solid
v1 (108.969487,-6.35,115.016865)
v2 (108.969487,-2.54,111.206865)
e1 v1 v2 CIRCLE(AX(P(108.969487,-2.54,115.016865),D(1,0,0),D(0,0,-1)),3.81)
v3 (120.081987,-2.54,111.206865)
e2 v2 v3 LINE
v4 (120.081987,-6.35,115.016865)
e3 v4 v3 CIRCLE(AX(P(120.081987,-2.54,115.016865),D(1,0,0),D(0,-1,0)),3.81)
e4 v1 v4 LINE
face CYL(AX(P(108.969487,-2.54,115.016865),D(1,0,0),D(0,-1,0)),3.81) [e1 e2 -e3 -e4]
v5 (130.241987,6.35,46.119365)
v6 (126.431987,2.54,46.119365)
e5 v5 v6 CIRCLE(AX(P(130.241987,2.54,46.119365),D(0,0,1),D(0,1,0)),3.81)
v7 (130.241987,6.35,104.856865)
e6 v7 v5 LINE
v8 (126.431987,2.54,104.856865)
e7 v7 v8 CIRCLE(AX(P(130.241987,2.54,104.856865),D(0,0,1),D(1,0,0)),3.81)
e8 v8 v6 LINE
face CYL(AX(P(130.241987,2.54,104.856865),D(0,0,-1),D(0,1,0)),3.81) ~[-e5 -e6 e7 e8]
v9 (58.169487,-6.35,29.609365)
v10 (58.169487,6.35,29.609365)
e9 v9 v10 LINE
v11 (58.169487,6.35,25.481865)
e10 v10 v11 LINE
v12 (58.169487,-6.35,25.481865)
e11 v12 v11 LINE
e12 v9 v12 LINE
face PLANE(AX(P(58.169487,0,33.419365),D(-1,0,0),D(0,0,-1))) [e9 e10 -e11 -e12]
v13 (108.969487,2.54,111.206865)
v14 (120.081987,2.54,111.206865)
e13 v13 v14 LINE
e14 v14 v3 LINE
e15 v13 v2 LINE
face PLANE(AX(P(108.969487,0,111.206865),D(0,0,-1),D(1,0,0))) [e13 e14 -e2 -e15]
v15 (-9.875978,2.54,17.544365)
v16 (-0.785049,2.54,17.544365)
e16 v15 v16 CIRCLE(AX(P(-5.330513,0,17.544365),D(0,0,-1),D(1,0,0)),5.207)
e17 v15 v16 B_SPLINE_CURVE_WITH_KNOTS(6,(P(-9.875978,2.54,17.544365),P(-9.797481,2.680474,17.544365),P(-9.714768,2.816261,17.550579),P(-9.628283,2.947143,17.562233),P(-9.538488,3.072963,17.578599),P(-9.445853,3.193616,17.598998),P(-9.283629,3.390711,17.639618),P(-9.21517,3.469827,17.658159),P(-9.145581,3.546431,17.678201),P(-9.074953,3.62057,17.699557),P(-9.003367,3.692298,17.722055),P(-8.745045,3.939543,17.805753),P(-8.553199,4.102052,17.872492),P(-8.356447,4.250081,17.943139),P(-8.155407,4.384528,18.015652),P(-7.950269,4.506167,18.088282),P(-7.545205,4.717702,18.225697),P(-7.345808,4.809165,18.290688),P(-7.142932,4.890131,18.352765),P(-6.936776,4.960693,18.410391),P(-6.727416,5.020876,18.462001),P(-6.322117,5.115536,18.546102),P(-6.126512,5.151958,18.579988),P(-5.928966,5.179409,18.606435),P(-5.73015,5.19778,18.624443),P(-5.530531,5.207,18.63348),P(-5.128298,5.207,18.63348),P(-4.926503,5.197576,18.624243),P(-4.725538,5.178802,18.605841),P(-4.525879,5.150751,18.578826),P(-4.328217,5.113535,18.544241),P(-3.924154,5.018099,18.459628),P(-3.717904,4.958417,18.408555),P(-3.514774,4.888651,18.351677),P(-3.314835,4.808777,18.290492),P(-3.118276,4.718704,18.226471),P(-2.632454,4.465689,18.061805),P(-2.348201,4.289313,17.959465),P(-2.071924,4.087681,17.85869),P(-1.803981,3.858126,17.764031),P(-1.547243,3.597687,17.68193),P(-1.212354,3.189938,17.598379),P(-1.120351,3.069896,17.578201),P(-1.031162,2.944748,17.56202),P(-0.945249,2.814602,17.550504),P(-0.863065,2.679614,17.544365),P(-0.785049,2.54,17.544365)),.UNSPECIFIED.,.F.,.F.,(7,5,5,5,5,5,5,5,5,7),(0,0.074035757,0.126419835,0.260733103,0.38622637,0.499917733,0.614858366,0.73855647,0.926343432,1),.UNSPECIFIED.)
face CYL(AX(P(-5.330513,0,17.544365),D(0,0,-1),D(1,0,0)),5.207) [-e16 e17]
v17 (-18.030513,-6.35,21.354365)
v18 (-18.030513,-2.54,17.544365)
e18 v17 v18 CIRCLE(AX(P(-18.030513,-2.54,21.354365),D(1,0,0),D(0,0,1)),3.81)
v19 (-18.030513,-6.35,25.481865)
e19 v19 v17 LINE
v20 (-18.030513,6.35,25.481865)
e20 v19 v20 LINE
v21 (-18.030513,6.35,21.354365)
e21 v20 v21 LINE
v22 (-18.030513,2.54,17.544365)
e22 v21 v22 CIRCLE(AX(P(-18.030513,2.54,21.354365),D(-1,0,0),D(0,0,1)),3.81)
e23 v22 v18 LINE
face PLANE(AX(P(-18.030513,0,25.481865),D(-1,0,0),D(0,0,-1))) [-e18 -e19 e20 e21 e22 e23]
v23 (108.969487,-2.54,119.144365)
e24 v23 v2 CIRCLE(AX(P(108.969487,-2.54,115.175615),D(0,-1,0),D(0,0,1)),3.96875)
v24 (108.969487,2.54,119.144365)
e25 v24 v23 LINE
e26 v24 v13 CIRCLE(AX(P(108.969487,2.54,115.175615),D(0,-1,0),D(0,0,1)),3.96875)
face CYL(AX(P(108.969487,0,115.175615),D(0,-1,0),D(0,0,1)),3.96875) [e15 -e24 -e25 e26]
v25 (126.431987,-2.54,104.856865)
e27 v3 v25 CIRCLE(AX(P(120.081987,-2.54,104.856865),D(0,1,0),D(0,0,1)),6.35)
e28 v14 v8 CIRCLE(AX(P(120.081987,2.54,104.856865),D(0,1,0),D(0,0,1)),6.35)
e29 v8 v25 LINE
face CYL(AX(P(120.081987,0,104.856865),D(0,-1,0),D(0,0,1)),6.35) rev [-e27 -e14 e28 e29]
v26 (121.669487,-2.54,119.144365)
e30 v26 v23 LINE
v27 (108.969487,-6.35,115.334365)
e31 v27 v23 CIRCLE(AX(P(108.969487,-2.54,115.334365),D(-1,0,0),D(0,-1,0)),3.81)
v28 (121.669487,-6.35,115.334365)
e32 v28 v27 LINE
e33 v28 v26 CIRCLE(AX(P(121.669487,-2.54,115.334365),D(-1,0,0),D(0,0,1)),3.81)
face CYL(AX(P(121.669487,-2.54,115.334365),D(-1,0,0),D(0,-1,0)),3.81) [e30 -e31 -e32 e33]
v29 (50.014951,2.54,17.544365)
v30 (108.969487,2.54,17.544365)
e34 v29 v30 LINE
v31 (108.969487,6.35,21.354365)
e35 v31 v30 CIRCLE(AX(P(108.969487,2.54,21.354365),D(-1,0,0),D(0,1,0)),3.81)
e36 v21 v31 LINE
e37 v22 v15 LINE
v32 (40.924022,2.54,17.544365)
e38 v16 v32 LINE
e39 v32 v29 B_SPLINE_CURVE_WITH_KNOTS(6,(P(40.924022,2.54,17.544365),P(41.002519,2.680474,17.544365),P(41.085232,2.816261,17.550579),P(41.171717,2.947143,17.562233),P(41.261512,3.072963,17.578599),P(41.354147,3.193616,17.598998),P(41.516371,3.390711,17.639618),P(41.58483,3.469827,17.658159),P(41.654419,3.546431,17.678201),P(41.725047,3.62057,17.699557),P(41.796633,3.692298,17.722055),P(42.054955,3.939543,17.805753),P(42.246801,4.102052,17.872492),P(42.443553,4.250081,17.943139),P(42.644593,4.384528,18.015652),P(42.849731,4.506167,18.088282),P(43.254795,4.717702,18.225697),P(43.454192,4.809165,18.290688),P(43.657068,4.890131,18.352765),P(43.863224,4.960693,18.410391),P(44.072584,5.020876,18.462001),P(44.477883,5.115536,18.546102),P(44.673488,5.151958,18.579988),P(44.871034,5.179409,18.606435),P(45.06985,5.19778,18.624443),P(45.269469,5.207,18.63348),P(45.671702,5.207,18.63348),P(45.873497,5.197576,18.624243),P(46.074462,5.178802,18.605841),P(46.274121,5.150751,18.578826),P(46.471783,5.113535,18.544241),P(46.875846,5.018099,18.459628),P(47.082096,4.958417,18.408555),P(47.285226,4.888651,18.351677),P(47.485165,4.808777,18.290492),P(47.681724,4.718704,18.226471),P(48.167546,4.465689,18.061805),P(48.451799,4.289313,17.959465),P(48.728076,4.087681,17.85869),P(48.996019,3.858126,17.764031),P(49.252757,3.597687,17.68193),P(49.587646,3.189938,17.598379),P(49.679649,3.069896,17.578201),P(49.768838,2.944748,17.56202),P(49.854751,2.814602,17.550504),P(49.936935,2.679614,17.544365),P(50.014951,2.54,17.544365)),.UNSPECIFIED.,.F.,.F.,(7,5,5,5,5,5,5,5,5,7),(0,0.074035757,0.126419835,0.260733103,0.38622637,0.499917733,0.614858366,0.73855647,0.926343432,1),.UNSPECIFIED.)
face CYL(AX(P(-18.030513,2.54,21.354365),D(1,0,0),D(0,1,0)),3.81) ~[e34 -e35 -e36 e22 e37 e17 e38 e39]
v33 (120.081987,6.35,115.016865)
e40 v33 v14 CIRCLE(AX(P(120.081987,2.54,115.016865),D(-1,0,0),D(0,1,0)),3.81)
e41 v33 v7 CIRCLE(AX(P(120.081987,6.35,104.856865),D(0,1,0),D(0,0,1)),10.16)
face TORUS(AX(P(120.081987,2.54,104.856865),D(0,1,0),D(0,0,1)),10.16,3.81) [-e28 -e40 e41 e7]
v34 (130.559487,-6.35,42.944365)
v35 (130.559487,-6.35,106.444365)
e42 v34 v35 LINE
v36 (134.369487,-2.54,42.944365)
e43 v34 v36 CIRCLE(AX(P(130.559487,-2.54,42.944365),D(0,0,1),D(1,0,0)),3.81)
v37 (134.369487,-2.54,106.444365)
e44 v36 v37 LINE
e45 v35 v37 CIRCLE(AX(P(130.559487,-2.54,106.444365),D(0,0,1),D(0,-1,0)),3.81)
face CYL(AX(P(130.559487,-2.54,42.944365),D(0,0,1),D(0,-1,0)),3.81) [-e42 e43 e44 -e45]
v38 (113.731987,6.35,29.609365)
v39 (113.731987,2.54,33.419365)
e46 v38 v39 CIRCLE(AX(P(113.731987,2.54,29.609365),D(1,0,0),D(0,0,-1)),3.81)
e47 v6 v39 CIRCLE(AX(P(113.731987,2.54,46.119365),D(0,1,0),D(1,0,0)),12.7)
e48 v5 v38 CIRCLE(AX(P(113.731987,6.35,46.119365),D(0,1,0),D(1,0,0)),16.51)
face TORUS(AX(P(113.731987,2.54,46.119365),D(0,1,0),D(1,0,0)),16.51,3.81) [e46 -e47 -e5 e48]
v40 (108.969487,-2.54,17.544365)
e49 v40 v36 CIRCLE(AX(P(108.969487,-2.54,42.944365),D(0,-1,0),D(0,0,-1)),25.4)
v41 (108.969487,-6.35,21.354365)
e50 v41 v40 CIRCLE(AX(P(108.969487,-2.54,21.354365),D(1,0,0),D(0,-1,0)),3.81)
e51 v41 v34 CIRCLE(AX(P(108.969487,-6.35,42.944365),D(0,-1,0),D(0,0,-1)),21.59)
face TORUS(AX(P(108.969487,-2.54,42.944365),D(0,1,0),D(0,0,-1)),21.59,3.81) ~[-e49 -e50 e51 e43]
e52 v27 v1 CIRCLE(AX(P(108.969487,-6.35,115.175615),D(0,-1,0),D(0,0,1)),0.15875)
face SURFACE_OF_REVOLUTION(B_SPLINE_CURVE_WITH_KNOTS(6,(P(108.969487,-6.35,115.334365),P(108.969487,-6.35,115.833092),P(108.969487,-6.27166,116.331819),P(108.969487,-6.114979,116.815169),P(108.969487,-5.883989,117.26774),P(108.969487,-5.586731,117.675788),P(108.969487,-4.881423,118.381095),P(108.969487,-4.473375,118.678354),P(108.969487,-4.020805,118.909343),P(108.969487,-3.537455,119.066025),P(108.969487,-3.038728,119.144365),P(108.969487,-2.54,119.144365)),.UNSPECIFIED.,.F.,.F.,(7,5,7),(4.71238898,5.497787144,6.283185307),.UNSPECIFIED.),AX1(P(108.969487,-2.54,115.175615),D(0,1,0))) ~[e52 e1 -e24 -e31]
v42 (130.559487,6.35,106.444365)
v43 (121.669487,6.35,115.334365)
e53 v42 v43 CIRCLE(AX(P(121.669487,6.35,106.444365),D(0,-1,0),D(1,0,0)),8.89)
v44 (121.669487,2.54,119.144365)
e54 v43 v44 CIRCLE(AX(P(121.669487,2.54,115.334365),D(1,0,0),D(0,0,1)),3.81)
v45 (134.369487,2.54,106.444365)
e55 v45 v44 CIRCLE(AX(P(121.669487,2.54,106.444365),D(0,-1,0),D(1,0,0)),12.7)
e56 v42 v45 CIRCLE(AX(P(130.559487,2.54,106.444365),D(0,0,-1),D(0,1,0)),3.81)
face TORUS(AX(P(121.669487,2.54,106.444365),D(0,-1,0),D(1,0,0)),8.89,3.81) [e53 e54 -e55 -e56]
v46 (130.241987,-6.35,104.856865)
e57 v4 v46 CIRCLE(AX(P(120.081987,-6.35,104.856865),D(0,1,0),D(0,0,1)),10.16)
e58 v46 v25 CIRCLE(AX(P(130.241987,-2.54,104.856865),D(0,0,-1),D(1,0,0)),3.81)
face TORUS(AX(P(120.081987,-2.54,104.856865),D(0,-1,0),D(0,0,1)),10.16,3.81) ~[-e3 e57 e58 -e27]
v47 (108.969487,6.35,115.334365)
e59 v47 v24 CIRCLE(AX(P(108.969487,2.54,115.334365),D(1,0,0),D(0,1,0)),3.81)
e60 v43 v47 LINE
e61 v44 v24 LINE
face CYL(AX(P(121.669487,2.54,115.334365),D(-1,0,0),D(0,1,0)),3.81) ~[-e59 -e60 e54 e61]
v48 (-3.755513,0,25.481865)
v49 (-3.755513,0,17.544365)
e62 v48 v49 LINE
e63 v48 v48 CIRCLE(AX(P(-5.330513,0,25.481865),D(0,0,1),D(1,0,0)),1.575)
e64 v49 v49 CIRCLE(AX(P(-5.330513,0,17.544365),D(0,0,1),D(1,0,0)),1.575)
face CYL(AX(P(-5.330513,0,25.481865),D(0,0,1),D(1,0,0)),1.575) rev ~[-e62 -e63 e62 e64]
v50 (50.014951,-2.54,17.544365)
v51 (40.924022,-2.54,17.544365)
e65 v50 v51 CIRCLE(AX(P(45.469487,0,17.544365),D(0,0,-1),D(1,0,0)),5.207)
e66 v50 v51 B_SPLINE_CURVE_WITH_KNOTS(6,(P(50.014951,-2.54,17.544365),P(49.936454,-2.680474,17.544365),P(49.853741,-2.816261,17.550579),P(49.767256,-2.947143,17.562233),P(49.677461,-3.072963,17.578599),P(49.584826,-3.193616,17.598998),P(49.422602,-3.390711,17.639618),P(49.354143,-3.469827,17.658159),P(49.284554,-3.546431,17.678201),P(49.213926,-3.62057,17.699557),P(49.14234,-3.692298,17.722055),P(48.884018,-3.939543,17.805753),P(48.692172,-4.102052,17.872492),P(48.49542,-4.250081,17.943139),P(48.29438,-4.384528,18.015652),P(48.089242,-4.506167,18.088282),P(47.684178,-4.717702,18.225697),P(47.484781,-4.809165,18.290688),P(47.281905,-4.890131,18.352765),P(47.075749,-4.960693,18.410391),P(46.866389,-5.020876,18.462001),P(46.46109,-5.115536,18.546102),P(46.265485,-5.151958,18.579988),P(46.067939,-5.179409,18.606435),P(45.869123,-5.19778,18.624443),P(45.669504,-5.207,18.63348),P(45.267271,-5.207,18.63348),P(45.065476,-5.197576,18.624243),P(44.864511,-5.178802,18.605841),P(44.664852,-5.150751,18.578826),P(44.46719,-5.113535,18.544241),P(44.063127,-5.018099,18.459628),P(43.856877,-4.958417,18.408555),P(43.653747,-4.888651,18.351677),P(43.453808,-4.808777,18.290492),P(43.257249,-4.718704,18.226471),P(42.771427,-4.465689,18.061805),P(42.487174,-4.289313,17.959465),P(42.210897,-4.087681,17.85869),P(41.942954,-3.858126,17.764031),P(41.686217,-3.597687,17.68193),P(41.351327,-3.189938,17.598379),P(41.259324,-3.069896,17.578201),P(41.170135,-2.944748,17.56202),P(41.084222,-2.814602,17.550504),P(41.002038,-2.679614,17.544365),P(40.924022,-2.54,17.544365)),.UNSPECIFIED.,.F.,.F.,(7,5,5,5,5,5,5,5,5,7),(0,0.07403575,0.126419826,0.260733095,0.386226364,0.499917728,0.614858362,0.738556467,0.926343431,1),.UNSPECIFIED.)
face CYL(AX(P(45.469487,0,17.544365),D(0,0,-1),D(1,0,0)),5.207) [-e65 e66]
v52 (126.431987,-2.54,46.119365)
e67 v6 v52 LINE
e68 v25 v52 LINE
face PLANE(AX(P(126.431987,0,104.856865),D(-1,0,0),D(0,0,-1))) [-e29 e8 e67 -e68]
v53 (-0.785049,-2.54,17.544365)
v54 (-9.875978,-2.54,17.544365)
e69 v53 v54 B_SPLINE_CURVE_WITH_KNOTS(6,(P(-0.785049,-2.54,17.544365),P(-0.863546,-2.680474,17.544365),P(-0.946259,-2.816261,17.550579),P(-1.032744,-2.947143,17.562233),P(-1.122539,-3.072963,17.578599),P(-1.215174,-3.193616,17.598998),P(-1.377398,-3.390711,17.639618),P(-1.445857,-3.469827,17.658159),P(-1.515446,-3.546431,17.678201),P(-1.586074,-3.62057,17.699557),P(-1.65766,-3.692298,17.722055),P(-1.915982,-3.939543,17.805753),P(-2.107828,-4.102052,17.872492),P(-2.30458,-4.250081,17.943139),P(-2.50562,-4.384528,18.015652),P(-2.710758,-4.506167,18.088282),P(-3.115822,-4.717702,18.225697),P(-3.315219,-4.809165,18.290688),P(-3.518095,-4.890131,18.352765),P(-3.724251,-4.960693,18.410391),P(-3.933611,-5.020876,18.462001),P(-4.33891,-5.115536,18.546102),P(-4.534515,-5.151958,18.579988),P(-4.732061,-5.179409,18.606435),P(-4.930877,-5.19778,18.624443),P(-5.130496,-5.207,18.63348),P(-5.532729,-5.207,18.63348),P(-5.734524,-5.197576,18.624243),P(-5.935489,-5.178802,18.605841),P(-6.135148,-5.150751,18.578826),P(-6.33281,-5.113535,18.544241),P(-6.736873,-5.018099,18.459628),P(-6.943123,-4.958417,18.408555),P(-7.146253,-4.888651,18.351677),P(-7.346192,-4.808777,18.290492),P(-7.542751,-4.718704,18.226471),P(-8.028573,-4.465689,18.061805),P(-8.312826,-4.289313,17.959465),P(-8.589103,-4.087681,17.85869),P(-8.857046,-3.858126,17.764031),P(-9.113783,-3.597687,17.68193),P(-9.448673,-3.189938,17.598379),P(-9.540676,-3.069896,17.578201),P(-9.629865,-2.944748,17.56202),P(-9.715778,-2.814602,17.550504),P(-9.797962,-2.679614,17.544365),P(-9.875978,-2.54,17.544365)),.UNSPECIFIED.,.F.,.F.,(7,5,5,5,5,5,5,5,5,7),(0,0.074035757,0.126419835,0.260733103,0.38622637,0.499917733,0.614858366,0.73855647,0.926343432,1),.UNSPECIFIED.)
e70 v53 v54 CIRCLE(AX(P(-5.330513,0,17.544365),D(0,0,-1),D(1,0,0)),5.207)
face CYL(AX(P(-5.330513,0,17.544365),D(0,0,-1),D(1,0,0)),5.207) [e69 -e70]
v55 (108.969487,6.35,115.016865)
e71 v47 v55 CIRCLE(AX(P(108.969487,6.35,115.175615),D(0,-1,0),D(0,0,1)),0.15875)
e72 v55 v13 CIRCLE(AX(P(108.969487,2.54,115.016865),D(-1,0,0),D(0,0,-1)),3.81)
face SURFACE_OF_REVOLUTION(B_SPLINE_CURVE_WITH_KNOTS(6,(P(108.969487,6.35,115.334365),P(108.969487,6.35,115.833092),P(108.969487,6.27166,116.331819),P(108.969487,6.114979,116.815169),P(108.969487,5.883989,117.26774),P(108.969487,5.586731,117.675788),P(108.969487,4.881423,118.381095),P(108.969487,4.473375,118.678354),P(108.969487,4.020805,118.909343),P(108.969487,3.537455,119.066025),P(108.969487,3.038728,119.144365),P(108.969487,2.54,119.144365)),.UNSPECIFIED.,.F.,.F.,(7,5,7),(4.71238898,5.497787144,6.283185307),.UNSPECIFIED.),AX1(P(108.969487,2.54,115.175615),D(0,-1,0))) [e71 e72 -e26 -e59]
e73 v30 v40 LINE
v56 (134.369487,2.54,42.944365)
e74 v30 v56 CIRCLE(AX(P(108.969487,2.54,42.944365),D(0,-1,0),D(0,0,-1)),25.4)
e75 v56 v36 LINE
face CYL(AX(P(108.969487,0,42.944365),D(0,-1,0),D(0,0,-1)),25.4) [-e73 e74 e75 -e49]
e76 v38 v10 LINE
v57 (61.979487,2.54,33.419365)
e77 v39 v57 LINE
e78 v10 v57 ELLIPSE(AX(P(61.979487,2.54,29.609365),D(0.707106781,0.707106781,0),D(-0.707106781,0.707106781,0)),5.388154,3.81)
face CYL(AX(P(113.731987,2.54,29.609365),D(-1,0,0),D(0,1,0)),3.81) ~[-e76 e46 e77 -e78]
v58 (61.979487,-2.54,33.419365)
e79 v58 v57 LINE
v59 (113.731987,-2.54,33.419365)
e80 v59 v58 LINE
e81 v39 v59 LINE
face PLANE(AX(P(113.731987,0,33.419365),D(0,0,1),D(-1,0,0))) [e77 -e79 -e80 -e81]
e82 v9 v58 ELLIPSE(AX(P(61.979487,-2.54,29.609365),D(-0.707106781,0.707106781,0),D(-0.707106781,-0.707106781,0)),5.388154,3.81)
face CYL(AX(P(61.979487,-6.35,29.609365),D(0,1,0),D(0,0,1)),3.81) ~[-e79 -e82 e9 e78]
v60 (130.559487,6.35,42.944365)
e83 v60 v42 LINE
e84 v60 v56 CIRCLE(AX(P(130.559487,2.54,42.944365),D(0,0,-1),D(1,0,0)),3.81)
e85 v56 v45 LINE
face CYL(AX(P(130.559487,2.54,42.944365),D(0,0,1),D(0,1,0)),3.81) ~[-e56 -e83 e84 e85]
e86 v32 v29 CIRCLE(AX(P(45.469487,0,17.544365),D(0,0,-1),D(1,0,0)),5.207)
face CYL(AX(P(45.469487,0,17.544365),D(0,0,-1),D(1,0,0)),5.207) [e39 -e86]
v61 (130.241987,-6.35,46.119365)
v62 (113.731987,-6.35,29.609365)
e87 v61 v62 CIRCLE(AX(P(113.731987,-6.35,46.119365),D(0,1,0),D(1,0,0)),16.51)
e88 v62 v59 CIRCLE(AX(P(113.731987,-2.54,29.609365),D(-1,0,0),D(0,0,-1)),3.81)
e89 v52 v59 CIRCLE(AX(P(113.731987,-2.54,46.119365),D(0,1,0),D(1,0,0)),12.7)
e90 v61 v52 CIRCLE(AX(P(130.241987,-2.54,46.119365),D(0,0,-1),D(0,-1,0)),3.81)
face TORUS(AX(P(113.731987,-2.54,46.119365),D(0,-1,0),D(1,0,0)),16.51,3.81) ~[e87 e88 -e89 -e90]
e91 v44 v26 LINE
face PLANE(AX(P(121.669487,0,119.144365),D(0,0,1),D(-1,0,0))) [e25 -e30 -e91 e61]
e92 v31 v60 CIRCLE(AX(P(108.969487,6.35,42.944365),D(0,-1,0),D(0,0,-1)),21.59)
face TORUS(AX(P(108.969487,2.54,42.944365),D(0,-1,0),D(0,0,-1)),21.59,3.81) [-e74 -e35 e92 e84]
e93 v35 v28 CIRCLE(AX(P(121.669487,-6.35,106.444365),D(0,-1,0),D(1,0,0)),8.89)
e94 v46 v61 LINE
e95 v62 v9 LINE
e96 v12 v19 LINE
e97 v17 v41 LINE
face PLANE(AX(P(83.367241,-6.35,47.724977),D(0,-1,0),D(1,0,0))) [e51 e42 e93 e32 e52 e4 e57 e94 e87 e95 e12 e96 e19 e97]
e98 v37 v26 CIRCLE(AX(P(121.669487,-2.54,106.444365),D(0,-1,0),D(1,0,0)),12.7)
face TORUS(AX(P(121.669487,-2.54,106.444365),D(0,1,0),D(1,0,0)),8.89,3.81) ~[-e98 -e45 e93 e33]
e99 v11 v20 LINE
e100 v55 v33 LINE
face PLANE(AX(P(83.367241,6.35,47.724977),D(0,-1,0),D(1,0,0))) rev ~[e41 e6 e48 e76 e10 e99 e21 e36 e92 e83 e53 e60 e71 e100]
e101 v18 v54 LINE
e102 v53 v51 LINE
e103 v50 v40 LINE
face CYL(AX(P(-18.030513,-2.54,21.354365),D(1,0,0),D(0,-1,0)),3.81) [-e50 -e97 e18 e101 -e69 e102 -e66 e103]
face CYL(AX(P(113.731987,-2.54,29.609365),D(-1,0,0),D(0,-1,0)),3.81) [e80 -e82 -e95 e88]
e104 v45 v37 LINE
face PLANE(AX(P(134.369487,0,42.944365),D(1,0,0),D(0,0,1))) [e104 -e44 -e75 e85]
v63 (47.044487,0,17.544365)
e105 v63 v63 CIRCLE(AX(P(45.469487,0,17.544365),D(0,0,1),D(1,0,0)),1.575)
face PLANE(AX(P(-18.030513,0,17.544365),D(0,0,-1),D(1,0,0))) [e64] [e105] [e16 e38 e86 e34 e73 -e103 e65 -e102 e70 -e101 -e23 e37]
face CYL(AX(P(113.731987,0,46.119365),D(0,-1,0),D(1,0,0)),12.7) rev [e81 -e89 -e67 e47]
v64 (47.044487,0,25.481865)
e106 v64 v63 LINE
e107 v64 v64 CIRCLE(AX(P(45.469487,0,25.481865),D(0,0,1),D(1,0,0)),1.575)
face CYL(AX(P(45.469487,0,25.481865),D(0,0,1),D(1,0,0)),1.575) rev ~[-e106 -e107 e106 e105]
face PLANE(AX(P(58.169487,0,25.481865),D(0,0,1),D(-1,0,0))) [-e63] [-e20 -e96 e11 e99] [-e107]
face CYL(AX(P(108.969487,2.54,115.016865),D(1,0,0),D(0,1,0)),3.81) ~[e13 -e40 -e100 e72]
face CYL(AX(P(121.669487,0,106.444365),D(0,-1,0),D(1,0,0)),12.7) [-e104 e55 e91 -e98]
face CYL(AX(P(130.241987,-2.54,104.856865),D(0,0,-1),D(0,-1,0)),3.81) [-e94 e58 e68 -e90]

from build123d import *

# Parameters (mm, degrees)
F1_DEPTH = 6.35
F2_R     = 1.575
F3_DEPTH = 7.9385
F4_R     = 3.81
F5_R     = 5.207
F5_R_2   = 1.642683843
F5_R_3   = 1.6124121995
F6_DEPTH = 7.9375


with BuildPart() as f1:
    # F0 (on Front) → F1 (new body, symmetric)
    with BuildSketch(Plane.XZ):
        with BuildLine():
            Line((-18.0305134643, 25.4818645348), (-18.0305134643, 17.5443645348))
            Line((-18.0305134643, 17.5443645348), (108.9694865357, 17.5443645348))
            ThreePointArc((108.9694865357, 17.5443645348), (126.9299987779, 24.9838522926), (134.3694865357, 42.9443645348))
            Line((134.3694865357, 42.9443645348), (134.3694865357, 106.4443645348))
            ThreePointArc((134.3694865357, 106.4443645348), (130.6497426568, 115.4246206558), (121.6694865357, 119.1443645348))
            Line((121.6694865357, 119.1443645348), (108.9694865357, 119.1443645348))
            ThreePointArc((108.9694865357, 119.1443645348), (105.0007365357, 115.1756145348), (108.9694865357, 111.2068645348))
            Line((108.9694865357, 111.2068645348), (120.0819865357, 111.2068645348))
            ThreePointArc((120.0819865357, 111.2068645348), (124.5721145963, 109.3469925953), (126.4319865357, 104.8568645348))
            Line((126.4319865357, 104.8568645348), (126.4319865357, 46.1193645348))
            ThreePointArc((126.4319865357, 46.1193645348), (122.7122426568, 37.1391084137), (113.7319865357, 33.4193645348))
            Line((113.7319865357, 33.4193645348), (58.1694865357, 33.4193645348))
            Line((58.1694865357, 33.4193645348), (58.1694865357, 25.4818645348))
            Line((58.1694865357, 25.4818645348), (-18.0305134643, 25.4818645348))
        make_face()
    extrude(amount=F1_DEPTH, both=True)

    # F2 (on face) → F3 (cut, through all)
    with BuildSketch(Plane.XY.offset(25.4818645348)):
        with Locations((45.4694865357, 0)):
            Circle(F2_R)
        with Locations((-5.3305134643, 0)):
            Circle(F2_R)
    extrude(amount=-F3_DEPTH, mode=Mode.SUBTRACT)

    # F4
    f4_edges = [f1.edges().sort_by_distance(p)[0] for p in [
        (126.431987, 6.35, 75.488115),
        (126.431987, -6.35, 75.488115),
        (124.572115, -6.35, 109.346993),
        (124.572115, 6.35, 109.346993),
        (122.712243, -6.35, 37.139108),
        (122.712243, 6.35, 37.139108),
        (85.950737, 6.35, 33.419365),
        (85.950737, -6.35, 33.419365),
        (58.169487, 0, 33.419365),
        (114.525737, 6.35, 111.206865),
        (114.525737, -6.35, 111.206865),
        (105.000737, -6.35, 115.175615),
        (105.000737, 6.35, 115.175615),
        (115.319487, 6.35, 119.144365),
        (115.319487, -6.35, 119.144365),
        (130.649743, 6.35, 115.424621),
        (134.369487, 6.35, 74.694365),
        (134.369487, -6.35, 74.694365),
        (130.649743, -6.35, 115.424621),
        (126.929999, 6.35, 24.983852),
        (126.929999, -6.35, 24.983852),
        (45.469487, 6.35, 17.544365),
        (45.469487, -6.35, 17.544365),
    ]]
    fillet(f4_edges, radius=F4_R)

    # F5 (on face) → F6 (join, through all)
    with BuildSketch(Plane(origin=(0, 0, 17.5443645348), x_dir=(1, 0, 0), z_dir=(0, 0, -1))):
        with Locations((-5.3305134643, 0)):
            Circle(F5_R)
        with Locations((-5.3305134643, 0)):
            Circle(F5_R_2, mode=Mode.SUBTRACT)
        with Locations((45.4694865357, 0)):
            Circle(F5_R)
        with Locations((45.4694865357, 0)):
            Circle(F5_R_3, mode=Mode.SUBTRACT)
    extrude(amount=-F6_DEPTH)


solid = f1.part
